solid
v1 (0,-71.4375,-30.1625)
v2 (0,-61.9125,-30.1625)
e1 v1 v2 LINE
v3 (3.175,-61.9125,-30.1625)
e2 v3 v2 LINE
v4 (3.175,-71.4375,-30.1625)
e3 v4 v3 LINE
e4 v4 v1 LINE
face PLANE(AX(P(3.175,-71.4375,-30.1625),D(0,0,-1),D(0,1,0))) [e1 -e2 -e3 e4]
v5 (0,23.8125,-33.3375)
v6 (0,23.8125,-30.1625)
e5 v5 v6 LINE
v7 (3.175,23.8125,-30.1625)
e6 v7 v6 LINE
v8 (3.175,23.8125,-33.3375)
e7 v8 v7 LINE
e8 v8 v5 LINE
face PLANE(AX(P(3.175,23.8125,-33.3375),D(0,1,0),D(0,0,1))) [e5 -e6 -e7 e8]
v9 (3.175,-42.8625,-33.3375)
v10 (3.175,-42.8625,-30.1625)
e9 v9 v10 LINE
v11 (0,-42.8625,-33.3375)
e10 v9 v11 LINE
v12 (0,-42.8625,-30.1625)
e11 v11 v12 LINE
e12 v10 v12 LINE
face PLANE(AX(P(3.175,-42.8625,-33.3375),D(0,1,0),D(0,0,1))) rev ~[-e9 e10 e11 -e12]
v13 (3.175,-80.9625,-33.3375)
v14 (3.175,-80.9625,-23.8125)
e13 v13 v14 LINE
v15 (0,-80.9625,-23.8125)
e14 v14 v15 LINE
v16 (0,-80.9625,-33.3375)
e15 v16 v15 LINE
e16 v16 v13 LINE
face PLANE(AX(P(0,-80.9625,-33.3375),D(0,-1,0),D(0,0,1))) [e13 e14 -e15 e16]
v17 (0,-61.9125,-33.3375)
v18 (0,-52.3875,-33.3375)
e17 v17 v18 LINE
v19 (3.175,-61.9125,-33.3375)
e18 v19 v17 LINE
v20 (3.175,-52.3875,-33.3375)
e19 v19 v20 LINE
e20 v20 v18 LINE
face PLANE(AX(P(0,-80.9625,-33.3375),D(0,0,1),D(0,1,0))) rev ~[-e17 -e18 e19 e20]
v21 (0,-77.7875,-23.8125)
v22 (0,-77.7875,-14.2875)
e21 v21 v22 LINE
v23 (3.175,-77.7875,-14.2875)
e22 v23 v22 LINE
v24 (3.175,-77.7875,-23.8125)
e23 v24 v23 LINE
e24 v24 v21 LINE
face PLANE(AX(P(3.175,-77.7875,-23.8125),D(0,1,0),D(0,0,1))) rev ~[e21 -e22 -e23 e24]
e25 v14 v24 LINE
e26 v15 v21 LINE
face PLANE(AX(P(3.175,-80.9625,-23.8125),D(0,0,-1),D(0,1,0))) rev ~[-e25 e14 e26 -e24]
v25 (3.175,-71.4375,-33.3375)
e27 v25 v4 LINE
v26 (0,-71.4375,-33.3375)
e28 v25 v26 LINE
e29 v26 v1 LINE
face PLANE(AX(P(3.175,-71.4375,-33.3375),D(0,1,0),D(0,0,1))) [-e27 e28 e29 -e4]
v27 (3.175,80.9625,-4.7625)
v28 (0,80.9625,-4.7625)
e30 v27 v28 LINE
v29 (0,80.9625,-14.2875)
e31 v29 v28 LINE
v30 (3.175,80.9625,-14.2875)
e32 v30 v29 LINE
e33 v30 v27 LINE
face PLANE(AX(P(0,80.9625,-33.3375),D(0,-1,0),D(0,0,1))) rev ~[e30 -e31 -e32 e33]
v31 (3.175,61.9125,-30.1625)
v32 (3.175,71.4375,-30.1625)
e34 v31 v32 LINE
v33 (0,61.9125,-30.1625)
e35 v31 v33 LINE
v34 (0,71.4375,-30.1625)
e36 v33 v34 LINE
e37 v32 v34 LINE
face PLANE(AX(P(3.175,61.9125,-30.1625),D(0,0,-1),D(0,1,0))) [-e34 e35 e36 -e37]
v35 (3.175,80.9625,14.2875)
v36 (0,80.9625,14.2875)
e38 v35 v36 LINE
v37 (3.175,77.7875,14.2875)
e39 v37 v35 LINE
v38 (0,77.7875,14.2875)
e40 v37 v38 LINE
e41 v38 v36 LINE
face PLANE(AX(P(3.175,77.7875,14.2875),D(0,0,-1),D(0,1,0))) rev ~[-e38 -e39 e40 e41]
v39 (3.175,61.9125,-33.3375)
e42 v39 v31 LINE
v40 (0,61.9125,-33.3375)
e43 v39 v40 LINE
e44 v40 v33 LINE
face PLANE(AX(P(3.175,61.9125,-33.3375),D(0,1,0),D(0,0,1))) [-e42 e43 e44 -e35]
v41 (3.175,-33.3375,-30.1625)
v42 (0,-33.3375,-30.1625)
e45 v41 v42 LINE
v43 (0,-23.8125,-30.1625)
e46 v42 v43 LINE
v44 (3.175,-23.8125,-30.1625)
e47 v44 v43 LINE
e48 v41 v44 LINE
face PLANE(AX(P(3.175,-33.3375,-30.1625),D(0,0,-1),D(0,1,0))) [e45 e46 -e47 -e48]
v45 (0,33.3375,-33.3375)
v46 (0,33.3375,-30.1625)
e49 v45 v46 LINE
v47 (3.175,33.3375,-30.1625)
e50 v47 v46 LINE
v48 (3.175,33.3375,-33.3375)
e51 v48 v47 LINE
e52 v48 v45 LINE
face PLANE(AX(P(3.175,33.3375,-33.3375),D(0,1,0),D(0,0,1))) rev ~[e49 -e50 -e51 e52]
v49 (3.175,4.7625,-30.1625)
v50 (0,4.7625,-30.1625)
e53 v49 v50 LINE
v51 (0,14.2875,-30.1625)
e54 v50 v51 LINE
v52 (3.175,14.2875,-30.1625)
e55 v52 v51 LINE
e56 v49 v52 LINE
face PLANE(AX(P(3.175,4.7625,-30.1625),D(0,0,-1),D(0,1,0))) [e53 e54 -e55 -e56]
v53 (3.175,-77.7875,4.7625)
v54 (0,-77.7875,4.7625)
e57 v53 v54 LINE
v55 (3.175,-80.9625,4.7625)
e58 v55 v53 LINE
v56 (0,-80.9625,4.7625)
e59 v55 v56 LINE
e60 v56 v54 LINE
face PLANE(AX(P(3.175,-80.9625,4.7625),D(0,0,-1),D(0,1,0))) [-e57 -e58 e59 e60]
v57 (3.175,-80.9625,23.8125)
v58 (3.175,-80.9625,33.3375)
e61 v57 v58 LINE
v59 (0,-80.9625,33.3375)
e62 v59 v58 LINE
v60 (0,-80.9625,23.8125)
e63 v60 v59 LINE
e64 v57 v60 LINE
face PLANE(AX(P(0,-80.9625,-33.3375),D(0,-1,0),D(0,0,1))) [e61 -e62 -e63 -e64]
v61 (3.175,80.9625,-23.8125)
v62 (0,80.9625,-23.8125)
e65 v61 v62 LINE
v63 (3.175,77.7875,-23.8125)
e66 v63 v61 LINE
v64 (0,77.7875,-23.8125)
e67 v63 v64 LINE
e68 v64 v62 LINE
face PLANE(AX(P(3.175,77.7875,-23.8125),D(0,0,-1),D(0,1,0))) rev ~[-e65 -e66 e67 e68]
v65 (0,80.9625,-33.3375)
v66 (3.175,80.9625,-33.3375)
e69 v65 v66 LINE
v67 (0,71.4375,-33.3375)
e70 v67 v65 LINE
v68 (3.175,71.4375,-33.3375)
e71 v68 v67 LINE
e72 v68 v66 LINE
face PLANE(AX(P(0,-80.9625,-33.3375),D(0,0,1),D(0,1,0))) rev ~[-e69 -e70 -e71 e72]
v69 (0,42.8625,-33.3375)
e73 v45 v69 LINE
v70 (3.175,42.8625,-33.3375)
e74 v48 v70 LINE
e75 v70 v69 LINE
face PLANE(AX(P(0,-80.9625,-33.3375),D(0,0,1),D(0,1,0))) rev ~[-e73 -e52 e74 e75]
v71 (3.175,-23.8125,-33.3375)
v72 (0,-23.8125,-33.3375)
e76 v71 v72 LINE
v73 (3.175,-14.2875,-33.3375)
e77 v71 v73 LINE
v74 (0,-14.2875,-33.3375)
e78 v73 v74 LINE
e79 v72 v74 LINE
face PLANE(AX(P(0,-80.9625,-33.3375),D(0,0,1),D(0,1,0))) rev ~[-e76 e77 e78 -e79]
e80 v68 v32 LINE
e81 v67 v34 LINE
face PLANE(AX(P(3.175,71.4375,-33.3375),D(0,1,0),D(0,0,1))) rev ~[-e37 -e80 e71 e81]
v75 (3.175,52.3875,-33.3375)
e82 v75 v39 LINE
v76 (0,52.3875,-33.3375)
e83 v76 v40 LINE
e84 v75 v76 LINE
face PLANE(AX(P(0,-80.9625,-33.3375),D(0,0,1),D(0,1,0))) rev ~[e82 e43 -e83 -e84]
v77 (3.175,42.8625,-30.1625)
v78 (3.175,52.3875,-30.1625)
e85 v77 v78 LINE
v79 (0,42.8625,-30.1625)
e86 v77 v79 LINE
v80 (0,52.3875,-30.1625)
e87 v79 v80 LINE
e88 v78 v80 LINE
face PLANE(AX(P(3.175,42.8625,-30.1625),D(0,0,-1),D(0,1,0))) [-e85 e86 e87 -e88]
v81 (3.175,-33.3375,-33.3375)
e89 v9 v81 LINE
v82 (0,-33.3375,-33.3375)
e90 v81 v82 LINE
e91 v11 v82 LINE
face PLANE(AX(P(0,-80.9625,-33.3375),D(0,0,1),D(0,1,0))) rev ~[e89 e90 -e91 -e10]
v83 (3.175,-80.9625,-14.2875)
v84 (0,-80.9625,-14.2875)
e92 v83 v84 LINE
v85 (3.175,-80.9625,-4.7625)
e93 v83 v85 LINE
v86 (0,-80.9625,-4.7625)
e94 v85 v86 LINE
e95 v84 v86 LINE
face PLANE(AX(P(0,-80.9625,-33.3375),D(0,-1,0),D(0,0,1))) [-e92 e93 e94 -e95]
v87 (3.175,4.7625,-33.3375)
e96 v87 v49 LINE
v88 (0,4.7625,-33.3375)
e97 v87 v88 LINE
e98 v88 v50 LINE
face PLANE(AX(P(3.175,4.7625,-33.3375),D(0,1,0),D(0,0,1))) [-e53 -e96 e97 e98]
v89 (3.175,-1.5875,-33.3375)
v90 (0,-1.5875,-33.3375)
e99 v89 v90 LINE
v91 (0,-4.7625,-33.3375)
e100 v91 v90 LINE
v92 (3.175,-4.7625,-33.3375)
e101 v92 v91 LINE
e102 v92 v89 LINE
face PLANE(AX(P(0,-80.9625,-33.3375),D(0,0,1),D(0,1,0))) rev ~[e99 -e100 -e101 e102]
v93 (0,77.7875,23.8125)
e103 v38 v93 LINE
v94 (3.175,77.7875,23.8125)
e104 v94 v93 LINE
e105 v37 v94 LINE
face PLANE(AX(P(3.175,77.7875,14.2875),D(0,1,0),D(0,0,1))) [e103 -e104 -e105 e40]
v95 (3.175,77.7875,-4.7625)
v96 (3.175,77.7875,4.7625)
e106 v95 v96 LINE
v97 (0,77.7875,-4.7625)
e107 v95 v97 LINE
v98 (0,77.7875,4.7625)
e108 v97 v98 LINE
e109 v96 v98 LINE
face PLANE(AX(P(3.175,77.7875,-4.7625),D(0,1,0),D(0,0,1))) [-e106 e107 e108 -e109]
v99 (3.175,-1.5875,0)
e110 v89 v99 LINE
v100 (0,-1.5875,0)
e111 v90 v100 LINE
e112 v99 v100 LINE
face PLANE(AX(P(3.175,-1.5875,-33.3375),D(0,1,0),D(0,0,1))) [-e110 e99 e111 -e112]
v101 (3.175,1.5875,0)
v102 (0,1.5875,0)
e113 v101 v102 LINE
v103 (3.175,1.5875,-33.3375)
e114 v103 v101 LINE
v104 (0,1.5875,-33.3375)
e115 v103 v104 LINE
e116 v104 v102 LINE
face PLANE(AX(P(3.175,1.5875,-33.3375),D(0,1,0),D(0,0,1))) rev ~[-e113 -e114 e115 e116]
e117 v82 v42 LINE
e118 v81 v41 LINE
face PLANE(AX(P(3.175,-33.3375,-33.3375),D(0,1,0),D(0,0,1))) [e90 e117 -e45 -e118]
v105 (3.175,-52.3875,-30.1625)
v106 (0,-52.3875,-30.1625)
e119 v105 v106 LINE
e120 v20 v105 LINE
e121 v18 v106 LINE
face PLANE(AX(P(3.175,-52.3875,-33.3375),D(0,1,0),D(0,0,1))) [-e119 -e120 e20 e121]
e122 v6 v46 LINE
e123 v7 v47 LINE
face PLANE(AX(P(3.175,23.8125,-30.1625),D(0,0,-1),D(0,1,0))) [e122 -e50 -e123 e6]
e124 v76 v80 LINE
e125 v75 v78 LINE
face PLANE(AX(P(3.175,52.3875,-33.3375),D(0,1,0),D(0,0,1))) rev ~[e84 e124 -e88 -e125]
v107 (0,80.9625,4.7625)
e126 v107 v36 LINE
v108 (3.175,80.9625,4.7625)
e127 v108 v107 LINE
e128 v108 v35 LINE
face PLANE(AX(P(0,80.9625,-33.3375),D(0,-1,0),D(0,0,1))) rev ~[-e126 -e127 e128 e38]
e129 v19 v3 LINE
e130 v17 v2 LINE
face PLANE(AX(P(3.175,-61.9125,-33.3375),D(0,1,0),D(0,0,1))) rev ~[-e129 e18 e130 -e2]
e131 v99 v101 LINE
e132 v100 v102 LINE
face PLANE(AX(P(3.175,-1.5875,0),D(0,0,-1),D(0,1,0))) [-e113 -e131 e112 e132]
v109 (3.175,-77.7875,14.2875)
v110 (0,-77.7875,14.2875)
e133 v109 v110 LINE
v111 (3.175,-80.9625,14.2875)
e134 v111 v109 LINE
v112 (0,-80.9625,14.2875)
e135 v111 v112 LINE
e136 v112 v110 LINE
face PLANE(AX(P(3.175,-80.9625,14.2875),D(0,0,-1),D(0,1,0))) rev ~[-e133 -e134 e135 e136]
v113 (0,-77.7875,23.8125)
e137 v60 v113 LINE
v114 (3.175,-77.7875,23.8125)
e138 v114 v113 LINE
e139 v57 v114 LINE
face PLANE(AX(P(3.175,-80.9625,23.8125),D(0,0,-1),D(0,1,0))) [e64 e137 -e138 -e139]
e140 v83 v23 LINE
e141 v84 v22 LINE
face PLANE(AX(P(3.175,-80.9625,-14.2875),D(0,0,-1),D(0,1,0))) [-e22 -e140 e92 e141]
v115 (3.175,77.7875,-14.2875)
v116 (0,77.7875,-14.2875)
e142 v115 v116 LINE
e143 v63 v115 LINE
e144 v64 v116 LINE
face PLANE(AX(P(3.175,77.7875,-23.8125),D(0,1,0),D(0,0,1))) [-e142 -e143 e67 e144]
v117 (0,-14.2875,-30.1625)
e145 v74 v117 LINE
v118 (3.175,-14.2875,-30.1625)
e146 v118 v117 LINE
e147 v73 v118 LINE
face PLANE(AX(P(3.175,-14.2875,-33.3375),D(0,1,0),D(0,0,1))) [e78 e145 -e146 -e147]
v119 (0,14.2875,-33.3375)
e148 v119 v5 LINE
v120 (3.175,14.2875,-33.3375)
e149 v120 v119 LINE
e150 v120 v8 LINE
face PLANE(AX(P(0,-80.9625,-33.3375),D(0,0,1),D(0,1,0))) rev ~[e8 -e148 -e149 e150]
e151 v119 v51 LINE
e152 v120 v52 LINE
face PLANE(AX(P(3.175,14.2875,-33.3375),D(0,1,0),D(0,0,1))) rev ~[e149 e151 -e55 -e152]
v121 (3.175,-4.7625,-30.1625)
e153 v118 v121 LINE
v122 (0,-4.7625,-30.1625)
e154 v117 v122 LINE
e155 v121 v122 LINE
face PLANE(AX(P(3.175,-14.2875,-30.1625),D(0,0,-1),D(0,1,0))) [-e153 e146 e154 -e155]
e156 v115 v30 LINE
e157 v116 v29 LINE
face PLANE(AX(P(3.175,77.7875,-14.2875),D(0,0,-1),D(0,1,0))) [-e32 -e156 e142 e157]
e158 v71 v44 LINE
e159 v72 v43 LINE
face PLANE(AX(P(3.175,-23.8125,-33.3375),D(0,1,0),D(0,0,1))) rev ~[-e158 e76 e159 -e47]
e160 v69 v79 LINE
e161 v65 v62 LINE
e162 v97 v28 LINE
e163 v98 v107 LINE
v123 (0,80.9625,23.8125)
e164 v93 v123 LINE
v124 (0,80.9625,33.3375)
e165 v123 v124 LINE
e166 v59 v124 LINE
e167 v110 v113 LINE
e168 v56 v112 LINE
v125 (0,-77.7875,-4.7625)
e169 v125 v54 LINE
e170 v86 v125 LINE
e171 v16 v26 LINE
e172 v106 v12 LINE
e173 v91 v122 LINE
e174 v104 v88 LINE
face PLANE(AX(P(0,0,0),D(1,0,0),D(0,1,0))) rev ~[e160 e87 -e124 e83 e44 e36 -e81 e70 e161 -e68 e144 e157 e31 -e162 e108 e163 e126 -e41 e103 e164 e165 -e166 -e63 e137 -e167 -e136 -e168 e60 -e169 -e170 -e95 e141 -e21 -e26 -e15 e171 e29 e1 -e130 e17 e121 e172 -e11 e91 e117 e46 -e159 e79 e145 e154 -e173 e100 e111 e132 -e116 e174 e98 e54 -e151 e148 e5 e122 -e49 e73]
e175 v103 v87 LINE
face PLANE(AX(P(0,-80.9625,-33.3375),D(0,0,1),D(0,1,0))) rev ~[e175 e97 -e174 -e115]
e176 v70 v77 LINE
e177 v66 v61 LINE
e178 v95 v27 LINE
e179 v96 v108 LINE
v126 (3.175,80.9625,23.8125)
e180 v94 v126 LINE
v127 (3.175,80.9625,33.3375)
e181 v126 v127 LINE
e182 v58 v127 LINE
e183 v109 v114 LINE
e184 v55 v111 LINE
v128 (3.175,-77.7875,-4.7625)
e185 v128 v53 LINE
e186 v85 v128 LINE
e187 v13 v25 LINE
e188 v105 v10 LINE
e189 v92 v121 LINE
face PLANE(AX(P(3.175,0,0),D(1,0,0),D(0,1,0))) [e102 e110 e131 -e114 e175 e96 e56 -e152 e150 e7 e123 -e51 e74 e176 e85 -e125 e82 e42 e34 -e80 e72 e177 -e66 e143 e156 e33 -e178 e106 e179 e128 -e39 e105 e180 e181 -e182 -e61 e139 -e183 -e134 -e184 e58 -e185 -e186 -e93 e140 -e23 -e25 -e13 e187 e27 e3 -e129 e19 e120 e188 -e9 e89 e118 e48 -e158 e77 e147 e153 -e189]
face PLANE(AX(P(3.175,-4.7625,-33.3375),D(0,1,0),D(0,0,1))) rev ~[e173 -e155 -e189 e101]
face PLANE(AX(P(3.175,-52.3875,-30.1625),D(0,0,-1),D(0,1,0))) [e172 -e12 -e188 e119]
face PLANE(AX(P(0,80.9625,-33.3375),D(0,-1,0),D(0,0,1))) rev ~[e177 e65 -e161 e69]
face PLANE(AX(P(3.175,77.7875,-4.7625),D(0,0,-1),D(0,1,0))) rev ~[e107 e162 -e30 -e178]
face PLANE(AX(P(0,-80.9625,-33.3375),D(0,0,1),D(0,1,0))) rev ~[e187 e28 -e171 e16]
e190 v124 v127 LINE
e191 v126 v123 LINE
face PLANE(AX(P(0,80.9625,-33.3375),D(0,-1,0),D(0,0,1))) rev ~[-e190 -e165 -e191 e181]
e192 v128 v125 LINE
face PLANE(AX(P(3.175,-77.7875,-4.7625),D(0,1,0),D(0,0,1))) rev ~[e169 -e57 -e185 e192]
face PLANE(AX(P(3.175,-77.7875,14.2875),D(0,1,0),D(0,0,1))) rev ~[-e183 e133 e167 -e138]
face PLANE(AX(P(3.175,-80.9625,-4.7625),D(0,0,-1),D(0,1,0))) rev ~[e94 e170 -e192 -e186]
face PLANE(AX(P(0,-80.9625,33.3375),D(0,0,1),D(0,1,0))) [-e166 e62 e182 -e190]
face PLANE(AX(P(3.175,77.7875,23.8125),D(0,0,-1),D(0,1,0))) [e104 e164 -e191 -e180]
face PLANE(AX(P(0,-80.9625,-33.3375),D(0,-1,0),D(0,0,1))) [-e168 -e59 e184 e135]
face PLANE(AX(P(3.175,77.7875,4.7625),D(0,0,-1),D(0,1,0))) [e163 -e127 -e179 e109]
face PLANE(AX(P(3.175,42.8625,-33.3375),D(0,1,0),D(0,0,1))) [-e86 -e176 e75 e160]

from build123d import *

# Parameters (mm, degrees)
F0_W     = 161.925
F0_H     = 66.675
F1_DEPTH = 3.175
F2_W     = 3.175
F2_H     = 9.525
F3_DEPTH = 3.176
F4_W     = 9.525
F4_H     = 3.175
F5_DEPTH = 3.176
F6_W     = 3.175
F6_H     = 33.3375
F7_DEPTH = 3.176


with BuildPart() as f1:
    # F0 (on Right) → F1 (new body)
    with BuildSketch(Plane.YZ):
        Rectangle(F0_W, F0_H)
    extrude(amount=F1_DEPTH)

    # F2 (on face) → F3 (cut, through all)
    with BuildSketch(Plane.YZ.offset(3.175)):
        with Locations((-79.375, -19.05)):
            Rectangle(F2_W, F2_H)
        with Locations((-79.375, 0)):
            Rectangle(F2_W, F2_H)
        with Locations((-79.375, 19.05)):
            Rectangle(F2_W, F2_H)
        with Locations((79.375, -19.05)):
            Rectangle(F2_W, F2_H)
        with Locations((79.375, 0)):
            Rectangle(F2_W, F2_H)
        with Locations((79.375, 19.05)):
            Rectangle(F2_W, F2_H)
    extrude(amount=-F3_DEPTH, mode=Mode.SUBTRACT)

    # F4 (on face) → F5 (cut, through all)
    with BuildSketch(Plane.YZ.offset(3.175)):
        with Locations((-66.675, -31.75)):
            Rectangle(F4_W, F4_H)
        with Locations((-47.625, -31.75)):
            Rectangle(F4_W, F4_H)
        with Locations((-28.575, -31.75)):
            Rectangle(F4_W, F4_H)
        with Locations((-9.525, -31.75)):
            Rectangle(F4_W, F4_H)
        with Locations((9.525, -31.75)):
            Rectangle(F4_W, F4_H)
        with Locations((28.575, -31.75)):
            Rectangle(F4_W, F4_H)
        with Locations((47.625, -31.75)):
            Rectangle(F4_W, F4_H)
        with Locations((66.675, -31.75)):
            Rectangle(F4_W, F4_H)
    extrude(amount=-F5_DEPTH, mode=Mode.SUBTRACT)

    # F6 (on face) → F7 (cut, through all)
    with BuildSketch(Plane.YZ.offset(3.175)):
        with Locations((0, -16.66875)):
            Rectangle(F6_W, F6_H)
    extrude(amount=-F7_DEPTH, mode=Mode.SUBTRACT)


solid = f1.part
